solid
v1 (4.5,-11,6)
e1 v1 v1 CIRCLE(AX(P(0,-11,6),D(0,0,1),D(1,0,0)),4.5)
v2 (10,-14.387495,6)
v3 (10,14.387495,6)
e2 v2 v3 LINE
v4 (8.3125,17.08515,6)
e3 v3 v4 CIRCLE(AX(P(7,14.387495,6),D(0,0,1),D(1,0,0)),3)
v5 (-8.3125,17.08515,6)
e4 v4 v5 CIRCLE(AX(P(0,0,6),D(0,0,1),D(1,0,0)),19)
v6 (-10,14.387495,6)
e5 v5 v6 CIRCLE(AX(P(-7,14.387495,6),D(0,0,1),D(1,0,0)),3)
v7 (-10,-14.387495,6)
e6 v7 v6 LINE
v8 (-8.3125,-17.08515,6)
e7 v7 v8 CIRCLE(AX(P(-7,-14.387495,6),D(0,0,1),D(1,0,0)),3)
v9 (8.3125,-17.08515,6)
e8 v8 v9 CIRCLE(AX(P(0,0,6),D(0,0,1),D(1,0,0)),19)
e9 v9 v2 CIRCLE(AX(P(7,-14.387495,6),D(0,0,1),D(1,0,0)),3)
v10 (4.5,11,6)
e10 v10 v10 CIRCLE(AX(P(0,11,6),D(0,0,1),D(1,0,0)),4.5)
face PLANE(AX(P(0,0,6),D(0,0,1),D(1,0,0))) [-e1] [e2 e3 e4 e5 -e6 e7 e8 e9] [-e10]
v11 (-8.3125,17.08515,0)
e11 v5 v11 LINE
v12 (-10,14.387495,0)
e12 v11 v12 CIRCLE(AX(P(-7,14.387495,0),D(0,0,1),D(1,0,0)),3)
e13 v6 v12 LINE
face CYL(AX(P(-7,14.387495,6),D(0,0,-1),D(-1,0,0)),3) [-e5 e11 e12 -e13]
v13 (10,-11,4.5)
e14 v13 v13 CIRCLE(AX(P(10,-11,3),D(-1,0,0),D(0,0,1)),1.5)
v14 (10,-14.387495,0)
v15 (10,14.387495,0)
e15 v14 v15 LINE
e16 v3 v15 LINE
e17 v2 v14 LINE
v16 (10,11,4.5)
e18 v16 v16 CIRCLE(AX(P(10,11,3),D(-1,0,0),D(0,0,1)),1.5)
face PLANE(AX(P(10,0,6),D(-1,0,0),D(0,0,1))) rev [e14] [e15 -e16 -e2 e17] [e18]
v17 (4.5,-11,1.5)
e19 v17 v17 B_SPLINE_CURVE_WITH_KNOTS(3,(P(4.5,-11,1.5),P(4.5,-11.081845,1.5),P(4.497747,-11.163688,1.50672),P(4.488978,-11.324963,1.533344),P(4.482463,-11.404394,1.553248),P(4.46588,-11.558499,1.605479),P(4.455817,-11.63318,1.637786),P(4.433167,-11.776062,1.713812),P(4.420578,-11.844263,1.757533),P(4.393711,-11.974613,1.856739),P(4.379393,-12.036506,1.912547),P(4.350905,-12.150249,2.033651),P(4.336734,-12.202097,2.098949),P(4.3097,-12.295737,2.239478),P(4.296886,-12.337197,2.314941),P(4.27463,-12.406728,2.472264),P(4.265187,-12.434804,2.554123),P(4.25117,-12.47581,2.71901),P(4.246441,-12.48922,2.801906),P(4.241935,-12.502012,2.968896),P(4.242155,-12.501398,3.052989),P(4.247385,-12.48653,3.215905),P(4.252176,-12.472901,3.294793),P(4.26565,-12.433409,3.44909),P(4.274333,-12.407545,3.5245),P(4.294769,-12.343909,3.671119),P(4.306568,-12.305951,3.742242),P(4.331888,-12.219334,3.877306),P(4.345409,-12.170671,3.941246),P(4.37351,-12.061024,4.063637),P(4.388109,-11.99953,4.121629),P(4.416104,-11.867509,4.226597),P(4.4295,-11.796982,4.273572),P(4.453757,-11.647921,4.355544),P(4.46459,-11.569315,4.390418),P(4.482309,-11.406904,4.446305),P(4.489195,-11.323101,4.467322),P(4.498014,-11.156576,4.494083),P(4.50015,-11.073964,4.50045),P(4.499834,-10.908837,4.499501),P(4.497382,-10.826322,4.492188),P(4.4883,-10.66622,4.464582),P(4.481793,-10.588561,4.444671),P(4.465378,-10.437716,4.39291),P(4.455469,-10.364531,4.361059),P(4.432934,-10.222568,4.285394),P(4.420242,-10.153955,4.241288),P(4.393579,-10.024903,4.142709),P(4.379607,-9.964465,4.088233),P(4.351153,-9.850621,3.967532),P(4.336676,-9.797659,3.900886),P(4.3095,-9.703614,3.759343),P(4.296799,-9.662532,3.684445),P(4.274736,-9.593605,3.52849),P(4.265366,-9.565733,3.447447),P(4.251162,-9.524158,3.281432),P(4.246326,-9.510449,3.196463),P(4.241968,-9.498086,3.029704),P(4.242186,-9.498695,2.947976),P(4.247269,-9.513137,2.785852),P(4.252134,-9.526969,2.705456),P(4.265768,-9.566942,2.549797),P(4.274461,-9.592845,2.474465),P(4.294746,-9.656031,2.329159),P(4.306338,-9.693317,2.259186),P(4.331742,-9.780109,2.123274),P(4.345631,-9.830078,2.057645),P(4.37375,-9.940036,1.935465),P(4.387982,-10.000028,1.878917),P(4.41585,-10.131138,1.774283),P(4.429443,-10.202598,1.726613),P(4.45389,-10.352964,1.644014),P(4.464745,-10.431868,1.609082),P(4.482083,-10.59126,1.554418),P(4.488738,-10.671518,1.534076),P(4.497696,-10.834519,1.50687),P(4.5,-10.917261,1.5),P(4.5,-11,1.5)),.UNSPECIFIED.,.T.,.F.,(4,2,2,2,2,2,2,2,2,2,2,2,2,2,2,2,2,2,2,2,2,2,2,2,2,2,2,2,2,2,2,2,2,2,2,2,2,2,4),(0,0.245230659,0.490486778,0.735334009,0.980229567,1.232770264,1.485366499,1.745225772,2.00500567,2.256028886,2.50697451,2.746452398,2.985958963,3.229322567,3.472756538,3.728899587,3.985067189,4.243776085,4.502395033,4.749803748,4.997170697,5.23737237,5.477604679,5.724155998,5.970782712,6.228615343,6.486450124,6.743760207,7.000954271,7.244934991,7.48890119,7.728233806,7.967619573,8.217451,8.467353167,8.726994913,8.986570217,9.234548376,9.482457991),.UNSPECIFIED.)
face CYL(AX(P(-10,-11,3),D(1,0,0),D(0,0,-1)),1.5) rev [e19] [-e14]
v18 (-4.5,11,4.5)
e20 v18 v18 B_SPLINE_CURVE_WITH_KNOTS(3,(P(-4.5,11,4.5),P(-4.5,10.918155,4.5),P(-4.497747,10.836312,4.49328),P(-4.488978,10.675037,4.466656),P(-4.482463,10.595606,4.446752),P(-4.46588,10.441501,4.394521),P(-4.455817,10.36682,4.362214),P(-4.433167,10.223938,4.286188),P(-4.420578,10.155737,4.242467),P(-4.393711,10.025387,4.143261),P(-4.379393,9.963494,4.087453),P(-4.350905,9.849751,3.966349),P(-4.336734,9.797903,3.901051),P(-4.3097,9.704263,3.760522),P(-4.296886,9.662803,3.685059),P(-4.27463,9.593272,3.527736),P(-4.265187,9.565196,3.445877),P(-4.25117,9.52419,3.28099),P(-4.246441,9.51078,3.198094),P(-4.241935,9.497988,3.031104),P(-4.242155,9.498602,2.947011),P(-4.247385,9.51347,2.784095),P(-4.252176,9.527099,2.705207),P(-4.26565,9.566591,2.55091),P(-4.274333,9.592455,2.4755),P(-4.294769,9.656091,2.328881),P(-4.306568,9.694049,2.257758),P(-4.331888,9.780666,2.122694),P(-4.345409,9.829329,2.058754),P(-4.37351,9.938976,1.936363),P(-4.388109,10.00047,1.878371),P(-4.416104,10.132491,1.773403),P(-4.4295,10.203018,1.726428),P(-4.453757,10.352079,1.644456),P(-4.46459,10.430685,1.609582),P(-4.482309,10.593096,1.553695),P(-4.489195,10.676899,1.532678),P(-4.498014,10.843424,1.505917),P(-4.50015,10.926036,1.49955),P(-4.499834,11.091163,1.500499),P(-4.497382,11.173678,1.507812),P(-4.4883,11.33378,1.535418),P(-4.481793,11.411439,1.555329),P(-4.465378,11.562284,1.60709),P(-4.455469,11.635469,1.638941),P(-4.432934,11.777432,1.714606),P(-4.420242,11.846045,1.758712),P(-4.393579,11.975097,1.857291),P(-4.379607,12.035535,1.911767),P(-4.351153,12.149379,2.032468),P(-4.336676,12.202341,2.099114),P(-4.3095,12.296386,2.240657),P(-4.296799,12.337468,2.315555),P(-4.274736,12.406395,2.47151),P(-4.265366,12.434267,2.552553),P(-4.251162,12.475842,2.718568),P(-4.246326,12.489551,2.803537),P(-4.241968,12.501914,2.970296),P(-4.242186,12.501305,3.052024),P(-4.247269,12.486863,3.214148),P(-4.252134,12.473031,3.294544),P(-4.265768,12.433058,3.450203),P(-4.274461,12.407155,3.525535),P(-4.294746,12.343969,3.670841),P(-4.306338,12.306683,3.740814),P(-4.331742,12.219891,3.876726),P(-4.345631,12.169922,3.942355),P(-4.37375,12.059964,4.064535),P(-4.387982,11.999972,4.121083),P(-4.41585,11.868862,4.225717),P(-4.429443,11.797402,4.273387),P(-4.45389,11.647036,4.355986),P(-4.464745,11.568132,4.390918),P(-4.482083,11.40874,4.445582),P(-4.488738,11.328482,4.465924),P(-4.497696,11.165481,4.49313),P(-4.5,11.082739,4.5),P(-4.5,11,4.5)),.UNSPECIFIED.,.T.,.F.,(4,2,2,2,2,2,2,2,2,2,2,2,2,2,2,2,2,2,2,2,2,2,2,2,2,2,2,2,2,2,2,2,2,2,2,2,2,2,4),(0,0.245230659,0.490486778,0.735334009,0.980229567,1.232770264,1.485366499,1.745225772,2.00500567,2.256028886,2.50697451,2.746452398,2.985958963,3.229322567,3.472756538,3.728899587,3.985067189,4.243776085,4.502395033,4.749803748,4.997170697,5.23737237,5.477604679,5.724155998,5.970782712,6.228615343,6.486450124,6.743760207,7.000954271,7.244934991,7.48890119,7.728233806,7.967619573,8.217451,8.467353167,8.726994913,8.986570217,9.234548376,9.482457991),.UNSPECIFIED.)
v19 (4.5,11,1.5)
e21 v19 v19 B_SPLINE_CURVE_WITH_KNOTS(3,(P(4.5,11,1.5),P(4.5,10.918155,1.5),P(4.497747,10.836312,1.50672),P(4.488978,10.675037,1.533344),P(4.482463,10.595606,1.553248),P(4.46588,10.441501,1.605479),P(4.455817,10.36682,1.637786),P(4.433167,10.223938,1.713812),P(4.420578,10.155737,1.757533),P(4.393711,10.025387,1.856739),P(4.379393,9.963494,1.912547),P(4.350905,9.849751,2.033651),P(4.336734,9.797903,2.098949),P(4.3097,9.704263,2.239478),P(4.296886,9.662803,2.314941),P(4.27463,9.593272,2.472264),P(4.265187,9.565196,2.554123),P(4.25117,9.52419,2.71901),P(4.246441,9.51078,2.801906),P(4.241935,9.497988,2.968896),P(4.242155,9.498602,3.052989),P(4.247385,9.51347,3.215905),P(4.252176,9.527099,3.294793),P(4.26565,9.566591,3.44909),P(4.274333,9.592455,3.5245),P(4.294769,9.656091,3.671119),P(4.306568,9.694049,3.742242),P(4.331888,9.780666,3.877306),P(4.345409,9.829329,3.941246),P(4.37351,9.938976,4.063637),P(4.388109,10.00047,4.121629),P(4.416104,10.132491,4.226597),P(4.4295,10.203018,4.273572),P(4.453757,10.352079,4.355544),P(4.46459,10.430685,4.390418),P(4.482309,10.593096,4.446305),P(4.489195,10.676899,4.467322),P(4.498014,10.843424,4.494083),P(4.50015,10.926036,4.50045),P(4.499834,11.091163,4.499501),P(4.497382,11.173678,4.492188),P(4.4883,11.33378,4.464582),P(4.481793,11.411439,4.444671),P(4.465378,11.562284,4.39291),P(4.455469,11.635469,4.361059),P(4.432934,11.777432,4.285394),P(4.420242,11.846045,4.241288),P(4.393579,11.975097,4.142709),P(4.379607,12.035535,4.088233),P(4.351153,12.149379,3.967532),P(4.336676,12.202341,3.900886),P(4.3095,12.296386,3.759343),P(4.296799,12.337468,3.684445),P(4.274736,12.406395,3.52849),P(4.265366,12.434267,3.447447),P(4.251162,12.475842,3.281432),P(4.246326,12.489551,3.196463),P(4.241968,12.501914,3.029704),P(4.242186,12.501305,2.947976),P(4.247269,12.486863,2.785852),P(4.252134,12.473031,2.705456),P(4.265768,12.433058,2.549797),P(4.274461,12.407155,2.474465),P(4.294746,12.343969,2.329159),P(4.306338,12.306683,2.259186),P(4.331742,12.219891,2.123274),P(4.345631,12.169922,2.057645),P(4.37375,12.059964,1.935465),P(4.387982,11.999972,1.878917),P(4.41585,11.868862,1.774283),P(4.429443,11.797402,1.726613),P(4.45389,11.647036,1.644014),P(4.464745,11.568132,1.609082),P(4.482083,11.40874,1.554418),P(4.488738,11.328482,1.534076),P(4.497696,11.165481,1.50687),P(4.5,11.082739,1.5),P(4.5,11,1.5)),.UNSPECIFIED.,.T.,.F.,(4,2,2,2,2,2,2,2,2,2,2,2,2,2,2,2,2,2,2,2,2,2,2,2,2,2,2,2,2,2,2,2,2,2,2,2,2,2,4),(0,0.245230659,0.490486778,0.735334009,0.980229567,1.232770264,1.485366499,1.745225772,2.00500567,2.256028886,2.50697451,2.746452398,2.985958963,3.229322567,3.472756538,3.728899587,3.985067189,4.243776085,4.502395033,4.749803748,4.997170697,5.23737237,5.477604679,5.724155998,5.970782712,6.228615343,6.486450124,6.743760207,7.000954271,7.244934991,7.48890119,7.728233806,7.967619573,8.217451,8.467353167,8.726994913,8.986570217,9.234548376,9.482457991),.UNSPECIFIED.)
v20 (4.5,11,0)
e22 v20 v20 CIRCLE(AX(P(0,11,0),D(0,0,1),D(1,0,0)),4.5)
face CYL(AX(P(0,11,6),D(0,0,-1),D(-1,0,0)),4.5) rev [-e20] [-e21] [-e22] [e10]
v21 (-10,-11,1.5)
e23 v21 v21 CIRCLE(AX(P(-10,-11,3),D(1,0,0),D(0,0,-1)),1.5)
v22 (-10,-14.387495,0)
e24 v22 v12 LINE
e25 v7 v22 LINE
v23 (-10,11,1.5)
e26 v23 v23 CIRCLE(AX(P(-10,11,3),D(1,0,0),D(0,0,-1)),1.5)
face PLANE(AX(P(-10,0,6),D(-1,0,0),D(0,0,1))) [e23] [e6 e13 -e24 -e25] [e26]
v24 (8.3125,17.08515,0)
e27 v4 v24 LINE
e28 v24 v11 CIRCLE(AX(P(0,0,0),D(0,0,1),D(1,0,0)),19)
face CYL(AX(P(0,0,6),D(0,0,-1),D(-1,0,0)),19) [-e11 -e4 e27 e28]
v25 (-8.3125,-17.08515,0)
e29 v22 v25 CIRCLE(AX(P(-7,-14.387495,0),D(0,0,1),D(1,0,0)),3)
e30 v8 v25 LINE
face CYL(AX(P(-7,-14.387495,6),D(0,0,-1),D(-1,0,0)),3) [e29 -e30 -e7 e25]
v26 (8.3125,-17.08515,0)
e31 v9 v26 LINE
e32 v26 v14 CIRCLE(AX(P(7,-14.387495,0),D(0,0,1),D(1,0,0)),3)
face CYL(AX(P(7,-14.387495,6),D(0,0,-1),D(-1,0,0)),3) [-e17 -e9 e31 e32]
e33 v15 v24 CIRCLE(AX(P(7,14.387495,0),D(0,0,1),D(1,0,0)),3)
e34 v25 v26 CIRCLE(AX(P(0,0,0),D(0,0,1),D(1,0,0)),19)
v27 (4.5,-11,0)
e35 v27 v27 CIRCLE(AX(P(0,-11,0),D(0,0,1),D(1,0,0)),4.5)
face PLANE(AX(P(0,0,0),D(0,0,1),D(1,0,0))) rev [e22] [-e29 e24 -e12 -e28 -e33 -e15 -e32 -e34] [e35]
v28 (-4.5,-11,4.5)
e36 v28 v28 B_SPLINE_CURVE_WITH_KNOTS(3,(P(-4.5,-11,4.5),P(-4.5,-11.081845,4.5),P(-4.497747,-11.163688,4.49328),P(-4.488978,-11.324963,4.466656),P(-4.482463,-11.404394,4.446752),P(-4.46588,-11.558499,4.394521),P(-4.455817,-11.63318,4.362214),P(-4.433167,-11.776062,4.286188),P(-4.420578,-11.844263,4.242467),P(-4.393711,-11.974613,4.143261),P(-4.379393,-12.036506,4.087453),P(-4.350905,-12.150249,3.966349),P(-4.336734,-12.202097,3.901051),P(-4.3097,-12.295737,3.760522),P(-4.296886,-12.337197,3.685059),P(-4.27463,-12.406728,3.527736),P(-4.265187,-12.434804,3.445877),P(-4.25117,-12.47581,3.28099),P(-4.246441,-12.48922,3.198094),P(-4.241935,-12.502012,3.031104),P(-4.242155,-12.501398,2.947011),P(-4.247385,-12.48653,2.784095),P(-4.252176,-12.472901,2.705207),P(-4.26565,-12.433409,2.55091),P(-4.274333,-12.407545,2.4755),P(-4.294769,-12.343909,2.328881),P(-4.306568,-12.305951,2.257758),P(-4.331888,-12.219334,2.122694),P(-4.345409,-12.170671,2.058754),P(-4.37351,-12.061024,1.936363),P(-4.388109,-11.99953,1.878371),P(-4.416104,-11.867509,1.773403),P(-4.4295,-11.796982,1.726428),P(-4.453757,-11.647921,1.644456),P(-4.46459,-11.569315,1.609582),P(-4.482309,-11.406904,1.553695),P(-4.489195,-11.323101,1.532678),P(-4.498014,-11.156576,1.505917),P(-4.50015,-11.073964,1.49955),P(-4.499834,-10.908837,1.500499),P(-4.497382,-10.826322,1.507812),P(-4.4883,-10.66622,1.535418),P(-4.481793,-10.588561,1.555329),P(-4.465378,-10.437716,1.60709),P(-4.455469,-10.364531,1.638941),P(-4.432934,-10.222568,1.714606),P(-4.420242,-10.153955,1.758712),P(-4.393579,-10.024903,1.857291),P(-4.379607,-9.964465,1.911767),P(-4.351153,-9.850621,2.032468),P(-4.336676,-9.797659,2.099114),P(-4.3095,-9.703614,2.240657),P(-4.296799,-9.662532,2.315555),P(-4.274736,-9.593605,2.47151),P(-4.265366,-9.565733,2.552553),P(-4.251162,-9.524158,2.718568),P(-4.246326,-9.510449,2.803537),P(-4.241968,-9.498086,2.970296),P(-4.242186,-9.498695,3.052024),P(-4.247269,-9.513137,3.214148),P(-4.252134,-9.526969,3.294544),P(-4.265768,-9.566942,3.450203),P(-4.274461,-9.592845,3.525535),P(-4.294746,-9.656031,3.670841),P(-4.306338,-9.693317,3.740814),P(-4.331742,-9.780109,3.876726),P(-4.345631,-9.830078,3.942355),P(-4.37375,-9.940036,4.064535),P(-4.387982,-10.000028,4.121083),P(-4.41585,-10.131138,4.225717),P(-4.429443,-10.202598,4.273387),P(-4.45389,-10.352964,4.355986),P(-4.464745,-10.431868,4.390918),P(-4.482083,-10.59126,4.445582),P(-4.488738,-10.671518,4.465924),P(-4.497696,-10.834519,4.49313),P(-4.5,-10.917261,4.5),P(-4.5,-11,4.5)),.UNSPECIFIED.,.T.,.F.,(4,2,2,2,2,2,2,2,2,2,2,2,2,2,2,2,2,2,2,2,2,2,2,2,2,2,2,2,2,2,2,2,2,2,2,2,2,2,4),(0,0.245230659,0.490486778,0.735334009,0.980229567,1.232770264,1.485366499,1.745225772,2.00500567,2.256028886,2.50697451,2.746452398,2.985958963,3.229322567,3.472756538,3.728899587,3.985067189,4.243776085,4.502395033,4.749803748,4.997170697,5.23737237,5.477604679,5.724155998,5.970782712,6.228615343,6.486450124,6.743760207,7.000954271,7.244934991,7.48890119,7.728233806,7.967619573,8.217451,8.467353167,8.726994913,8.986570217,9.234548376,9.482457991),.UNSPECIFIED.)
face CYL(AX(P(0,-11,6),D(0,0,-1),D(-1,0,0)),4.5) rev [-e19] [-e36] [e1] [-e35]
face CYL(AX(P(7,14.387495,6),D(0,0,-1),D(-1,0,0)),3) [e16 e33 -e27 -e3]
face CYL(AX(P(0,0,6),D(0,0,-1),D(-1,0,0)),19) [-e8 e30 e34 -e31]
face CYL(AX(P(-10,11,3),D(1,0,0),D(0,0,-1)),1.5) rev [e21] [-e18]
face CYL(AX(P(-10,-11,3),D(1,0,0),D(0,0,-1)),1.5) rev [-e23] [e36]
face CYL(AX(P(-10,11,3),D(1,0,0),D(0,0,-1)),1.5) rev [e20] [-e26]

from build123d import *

# Parameters (mm, degrees)
SKETCH1_R               = 4.5
SKETCH1_R_2             = 3
BOSS_EXTRUDE1_DEPTH     = 6
SKETCH2_R               = 1.5
CUT_EXTRUDE1_DEPTH      = 1
CUT_EXTRUDE1_DEPTH_BACK = 21


with BuildPart() as part:
    # Sketch1 → Boss-Extrude1 (new body)
    with BuildSketch(Plane.XY):
        with BuildLine():
            Line((-10, 0), (0, 0))
            Line((0, 0), (10, 0))
            Line((10, 0), (10, 14.38749457))
            ThreePointArc((10, 14.38749457), (4.456626225, 12.796504363), (8.312500108, 17.085149749))
            ThreePointArc((8.312500108, 17.085149749), (2.5e-08, 19), (-8.312500062, 17.085149771))
            ThreePointArc((-8.312500062, 17.085149771), (-5.409009772, 16.930868332), (-4, 14.38749457))
            ThreePointArc((-4, 14.38749457), (-7, 11.38749457), (-10, 14.38749457))
            Line((-10, 14.38749457), (-10, 0))
        make_face()
        with Locations((0, 11)):
            Circle(SKETCH1_R, mode=Mode.SUBTRACT)
        with Locations((7, 14.38749457)):
            Circle(SKETCH1_R_2)
        with Locations((-7, 14.38749457)):
            Circle(SKETCH1_R_2)
        with BuildLine():
            Line((10, 0), (0, 0))
            Line((0, 0), (-10, 0))
            Line((-10, 0), (-10, -14.38749457))
            ThreePointArc((-10, -14.38749457), (-7, -11.38749457), (-4, -14.38749457))
            ThreePointArc((-4, -14.38749457), (-5.409009694, -16.930868283), (-8.312499897, -17.085149852))
            ThreePointArc((-8.312499897, -17.085149852), (9.1e-08, -19), (8.312500061, -17.085149772))
            ThreePointArc((8.312500061, -17.085149772), (4.456626238, -12.796504341), (10, -14.38749457))
            Line((10, -14.38749457), (10, 0))
        make_face()
        with Locations((0, -11)):
            Circle(SKETCH1_R, mode=Mode.SUBTRACT)
        with Locations((-7, -14.38749457)):
            Circle(SKETCH1_R_2)
        with Locations((7, -14.38749457)):
            Circle(SKETCH1_R_2)
    extrude(amount=BOSS_EXTRUDE1_DEPTH)

    # Sketch2 → Cut-Extrude1 (cut, two sides)
    with BuildSketch(Plane(origin=(10, 0, 0), x_dir=(0, 0, -1), z_dir=(1, 0, 0))) as cut_extrude1_sk:
        with Locations((-3, 11)):
            Circle(SKETCH2_R)
        with Locations((-3, -11)):
            Circle(SKETCH2_R)
    extrude(amount=CUT_EXTRUDE1_DEPTH, mode=Mode.SUBTRACT)
    extrude(cut_extrude1_sk.sketch, amount=-CUT_EXTRUDE1_DEPTH_BACK, mode=Mode.SUBTRACT)


solid = part.part
